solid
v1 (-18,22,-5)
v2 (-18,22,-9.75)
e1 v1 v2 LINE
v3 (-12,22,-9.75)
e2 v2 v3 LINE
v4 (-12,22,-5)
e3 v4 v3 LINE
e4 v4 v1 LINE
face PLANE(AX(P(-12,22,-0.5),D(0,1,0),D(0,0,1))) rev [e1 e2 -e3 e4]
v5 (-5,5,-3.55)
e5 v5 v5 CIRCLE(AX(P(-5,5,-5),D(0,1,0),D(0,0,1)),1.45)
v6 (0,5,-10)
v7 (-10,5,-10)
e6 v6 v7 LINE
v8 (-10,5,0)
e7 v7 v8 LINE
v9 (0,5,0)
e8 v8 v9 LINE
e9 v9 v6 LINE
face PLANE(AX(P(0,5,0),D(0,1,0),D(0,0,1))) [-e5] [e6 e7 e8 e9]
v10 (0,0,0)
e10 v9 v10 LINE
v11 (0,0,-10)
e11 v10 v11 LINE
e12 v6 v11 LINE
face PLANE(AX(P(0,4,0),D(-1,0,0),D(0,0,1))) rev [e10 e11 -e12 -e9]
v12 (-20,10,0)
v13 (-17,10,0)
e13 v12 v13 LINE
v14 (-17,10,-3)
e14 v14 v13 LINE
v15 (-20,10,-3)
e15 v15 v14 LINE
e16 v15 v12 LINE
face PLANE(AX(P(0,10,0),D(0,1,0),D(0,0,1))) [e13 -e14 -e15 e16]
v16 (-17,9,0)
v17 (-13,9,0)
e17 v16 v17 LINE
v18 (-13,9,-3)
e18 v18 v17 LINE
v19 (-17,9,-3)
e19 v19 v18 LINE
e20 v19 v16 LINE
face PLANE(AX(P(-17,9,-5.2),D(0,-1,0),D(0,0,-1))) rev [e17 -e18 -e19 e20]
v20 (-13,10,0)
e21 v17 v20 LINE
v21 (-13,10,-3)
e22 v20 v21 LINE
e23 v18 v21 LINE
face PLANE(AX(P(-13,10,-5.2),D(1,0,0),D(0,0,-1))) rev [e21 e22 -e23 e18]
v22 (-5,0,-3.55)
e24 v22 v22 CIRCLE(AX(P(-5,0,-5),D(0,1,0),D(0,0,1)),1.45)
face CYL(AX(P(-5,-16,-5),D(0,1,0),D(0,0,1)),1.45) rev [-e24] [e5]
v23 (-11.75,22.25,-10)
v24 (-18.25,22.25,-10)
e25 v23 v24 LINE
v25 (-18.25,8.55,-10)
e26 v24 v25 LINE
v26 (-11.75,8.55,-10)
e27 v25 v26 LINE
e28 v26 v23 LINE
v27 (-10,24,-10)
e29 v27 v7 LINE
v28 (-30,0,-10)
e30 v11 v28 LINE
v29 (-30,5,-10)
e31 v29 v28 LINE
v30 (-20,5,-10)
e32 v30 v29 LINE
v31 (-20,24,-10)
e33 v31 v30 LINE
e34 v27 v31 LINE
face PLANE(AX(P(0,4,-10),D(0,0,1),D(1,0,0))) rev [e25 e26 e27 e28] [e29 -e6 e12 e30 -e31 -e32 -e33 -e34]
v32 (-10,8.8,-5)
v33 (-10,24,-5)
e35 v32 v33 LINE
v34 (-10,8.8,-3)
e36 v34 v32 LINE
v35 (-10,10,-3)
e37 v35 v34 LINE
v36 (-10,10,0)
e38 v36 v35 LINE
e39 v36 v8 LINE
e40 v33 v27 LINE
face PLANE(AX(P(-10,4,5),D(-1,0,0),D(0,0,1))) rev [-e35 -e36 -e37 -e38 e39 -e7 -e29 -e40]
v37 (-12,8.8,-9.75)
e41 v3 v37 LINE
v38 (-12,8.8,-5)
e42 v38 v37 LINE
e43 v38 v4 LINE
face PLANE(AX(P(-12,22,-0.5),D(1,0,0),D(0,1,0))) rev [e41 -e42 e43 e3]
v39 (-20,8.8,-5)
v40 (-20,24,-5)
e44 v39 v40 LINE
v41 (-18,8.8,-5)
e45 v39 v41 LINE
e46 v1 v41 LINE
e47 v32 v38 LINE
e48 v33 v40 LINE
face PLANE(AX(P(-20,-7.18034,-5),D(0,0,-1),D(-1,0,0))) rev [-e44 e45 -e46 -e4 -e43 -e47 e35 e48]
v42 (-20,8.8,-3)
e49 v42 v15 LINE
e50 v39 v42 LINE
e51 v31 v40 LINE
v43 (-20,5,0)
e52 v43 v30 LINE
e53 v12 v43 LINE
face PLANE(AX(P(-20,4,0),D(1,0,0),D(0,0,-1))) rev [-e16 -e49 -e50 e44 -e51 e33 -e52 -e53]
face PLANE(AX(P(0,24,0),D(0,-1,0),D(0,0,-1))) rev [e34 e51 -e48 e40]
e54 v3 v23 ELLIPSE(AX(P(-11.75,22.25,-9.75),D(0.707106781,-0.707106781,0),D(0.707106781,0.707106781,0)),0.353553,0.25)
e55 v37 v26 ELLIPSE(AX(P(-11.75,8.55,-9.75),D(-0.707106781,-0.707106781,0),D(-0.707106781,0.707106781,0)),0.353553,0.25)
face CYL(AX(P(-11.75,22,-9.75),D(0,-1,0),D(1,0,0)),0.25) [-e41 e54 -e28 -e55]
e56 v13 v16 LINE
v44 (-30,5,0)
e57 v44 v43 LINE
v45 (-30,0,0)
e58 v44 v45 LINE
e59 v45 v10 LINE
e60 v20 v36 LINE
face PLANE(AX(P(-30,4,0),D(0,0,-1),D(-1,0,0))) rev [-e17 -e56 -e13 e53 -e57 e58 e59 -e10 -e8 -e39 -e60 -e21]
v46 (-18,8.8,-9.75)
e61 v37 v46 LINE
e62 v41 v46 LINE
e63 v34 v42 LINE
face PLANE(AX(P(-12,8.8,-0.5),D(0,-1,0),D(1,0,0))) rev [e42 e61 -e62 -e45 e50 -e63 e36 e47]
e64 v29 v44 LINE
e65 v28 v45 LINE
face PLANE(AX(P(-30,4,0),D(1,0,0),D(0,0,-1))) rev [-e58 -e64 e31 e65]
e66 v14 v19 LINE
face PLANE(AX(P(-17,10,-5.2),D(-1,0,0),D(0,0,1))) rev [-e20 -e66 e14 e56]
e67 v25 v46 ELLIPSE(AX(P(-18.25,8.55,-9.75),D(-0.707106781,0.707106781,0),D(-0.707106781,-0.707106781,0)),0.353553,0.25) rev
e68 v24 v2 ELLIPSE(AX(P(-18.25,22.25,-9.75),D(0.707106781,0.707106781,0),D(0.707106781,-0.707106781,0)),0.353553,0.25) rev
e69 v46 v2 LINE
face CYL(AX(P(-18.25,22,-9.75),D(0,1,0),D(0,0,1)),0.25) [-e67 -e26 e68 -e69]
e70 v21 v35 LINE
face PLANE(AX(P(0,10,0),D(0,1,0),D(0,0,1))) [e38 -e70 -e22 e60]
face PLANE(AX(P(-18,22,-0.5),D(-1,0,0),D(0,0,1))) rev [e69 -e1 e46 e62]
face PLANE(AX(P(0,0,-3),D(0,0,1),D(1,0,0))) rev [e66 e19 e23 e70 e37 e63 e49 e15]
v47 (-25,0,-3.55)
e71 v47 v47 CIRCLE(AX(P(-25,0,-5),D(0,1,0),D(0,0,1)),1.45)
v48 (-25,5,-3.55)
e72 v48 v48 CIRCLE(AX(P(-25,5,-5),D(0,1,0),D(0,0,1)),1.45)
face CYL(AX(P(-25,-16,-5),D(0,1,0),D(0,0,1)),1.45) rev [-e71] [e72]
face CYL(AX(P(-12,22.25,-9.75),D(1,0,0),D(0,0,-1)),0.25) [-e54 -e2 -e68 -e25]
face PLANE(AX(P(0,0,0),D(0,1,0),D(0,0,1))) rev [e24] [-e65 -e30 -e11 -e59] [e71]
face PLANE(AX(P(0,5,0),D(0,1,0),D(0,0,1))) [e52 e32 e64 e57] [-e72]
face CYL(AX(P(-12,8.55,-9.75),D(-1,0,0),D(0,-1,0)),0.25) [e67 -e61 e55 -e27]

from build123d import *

# Parameters (mm, degrees)
EXTRUDE_1_DEPTH     = 4
SKETCH_2_W          = 10
SKETCH_2_H          = 15
EXTRUDE_2_DEPTH     = 20
SKETCH_3_R          = 1.45
CUT_EXTRUDE_1_DEPTH = 20
SKETCH_4_W          = 6
SKETCH_4_H          = 13.2
CUT_EXTRUDE_2_DEPTH = 9.5
SKETCH_6_R          = 0.75
CUT_EXTRUDE_4_DEPTH = 3.5
SKETCH_7_W          = 10
SKETCH_7_H          = 24
CUT_EXTRUDE_5_DEPTH = 5
SKETCH_9_W          = 3
SKETCH_9_H          = 12
CUT_EXTRUDE_6_DEPTH = 10
SKETCH_11_W         = 1.5
SKETCH_11_H         = 12
CUT_EXTRUDE_7_DEPTH = 10
CUT_EXTRUDE_8_REACH = 41.699
SKETCH_13_W         = 10
SKETCH_13_H         = 5
SKETCH_19_W         = 10
SKETCH_19_H         = 2.4
EXTRUDE_6_DEPTH     = 4.8
SKETCH_20_W         = 10
SKETCH_20_H         = 2.6
EXTRUDE_7_DEPTH     = 6
FILLET_17_R         = 0.25
SKETCH_21_W         = 4
SKETCH_21_H         = 1
CUT_EXTRUDE_9_DEPTH = 5.2
EXTRUDE_8_DEPTH     = 0.4
EXTRUDE_START       = 1
SKETCH_29_W         = 10
SKETCH_29_H         = 10
SKETCH_29_R         = 1.45
EXTRUDE_9_DEPTH     = 1


with BuildPart() as part:
    # 草图1 → 凸台-拉伸1 (new body)
    with BuildSketch(Plane(origin=(0, 0, 0), x_dir=(1, 0, 0), z_dir=(0, 1, 0))):
        Polygon((-20, 0), (-20, -5), (-10, -5), (-10, 0), (0, 0), (0, 10), (-30, 10), (-30, 0), align=None)
    extrude(amount=EXTRUDE_1_DEPTH)

    # 草图2 → 凸台-拉伸2 (add)
    with BuildSketch(Plane(origin=(0, 4, 0), x_dir=(1, 0, 0), z_dir=(0, 1, 0))):
        with Locations((-15, 2.5)):
            Rectangle(SKETCH_2_W, SKETCH_2_H)
    extrude(amount=EXTRUDE_2_DEPTH)

    # 草图3 → 切除-拉伸1 (cut)
    with BuildSketch(Plane(origin=(0, 4, 0), x_dir=(1, 0, 0), z_dir=(0, 1, 0))):
        with Locations(Location((-25, 5, 0), (0, 0, 270))):
            Circle(SKETCH_3_R)
        with Locations(Location((-5, 5, 0), (0, 0, 270))):
            Circle(SKETCH_3_R)
    extrude(amount=-CUT_EXTRUDE_1_DEPTH, mode=Mode.SUBTRACT)

    # 草图4 → 切除-拉伸2 (cut)
    with BuildSketch(Plane(origin=(0, 0, -10), x_dir=(-1, 0, 0), z_dir=(0, 0, -1))):
        with Locations((15, 15.4)):
            Rectangle(SKETCH_4_W, SKETCH_4_H)
    extrude(amount=-CUT_EXTRUDE_2_DEPTH, mode=Mode.SUBTRACT)

    # 草图6 → 切除-拉伸4 (cut)
    with BuildSketch(Plane(origin=(0, 0, -0.5), x_dir=(-1, 0, 0), z_dir=(0, 0, -1))):
        with Locations((15, 20.68)):
            Circle(SKETCH_6_R)
        with Locations((15, 10.52)):
            Circle(SKETCH_6_R)
        with Locations((15, 15.6)):
            Circle(SKETCH_6_R)
    extrude(amount=-CUT_EXTRUDE_4_DEPTH, mode=Mode.SUBTRACT)

    # 草图7 → 切除-拉伸5 (cut)
    with BuildSketch(Plane.XY.offset(5)):
        with Locations((-15, 12)):
            Rectangle(SKETCH_7_W, SKETCH_7_H)
    extrude(amount=-CUT_EXTRUDE_5_DEPTH, mode=Mode.SUBTRACT)

    # 草图9 → 切除-拉伸6 (cut)
    with BuildSketch(Plane(origin=(0, 0, -0.5), x_dir=(-1, 0, 0), z_dir=(0, 0, -1))):
        with Locations((15, 15.6)):
            Rectangle(SKETCH_9_W, SKETCH_9_H)
    extrude(amount=-CUT_EXTRUDE_6_DEPTH, mode=Mode.SUBTRACT)

    # 草图11 → 切除-拉伸7 (cut)
    with BuildSketch(Plane(origin=(0, 0, -0.5), x_dir=(-1, 0, 0), z_dir=(0, 0, -1))):
        with Locations((17.25, 15.6)):
            Rectangle(SKETCH_11_W, SKETCH_11_H)
        with Locations((12.75, 15.6)):
            Rectangle(SKETCH_11_W, SKETCH_11_H)
    extrude(amount=-CUT_EXTRUDE_7_DEPTH, mode=Mode.SUBTRACT)

    # 切除-拉伸8: up to this face of the body (flat: up to its plane)
    cut_extrude_8_end = Plane(part.part.faces().sort_by_distance((-5, 4, -9.858578644))[0])
    # 草图13 → 切除-拉伸8 (cut, up to the picked face)
    with BuildSketch(Plane(origin=(0, 24, 0), x_dir=(1, 0, 0), z_dir=(0, 1, 0)), mode=Mode.PRIVATE) as cut_extrude_8_sk1:
        with Locations((-15, 2.5)):
            Rectangle(SKETCH_13_W, SKETCH_13_H)
    cut_extrude_8_tool1 = split(extrude(cut_extrude_8_sk1.sketch, amount=-CUT_EXTRUDE_8_REACH, mode=Mode.PRIVATE), bisect_by=cut_extrude_8_end, keep=Keep.BOTH, mode=Mode.PRIVATE)
    add(cut_extrude_8_tool1.solids().sort_by(Axis((-15, 24, -2.5), (0, -1, 0)))[0], mode=Mode.SUBTRACT)

    # 草图19 → 凸台-拉伸6 (add)
    with BuildSketch(Plane(origin=(0, 4, 0), x_dir=(1, 0, 0), z_dir=(0, 1, 0))):
        with Locations((-15, 3.8)):
            Rectangle(SKETCH_19_W, SKETCH_19_H)
    extrude(amount=EXTRUDE_6_DEPTH)

    # 草图20 → 凸台-拉伸7 (add)
    with BuildSketch(Plane(origin=(0, 4, 0), x_dir=(1, 0, 0), z_dir=(0, 1, 0))):
        with Locations((-15, 1.3)):
            Rectangle(SKETCH_20_W, SKETCH_20_H)
    extrude(amount=EXTRUDE_7_DEPTH)

    # 圆角17
    fillet_17_edges = [part.edges().sort_by_distance(p)[0] for p in [
        (-12, 15.4, -10),
        (-15, 8.8, -10),
        (-18, 15.4, -10),
        (-15, 22, -10),
    ]]
    fillet(fillet_17_edges, radius=FILLET_17_R)

    # 草图21 → 切除-拉伸9 (cut)
    with BuildSketch(Plane.XY):
        with Locations((-15, 9.5)):
            Rectangle(SKETCH_21_W, SKETCH_21_H)
    extrude(amount=-CUT_EXTRUDE_9_DEPTH, mode=Mode.SUBTRACT)

    # 草图22 → 凸台-拉伸8 (add)
    with BuildSketch(Plane(origin=(0, 0, -2.6), x_dir=(-1, 0, 0), z_dir=(0, 0, -1))):
        Polygon((17, 9), (13, 9), (13, 10), (10, 10), (10, 8.8), (20, 8.8), (20, 10), (17, 10), align=None)
    extrude(amount=EXTRUDE_8_DEPTH)

    # 草图29 → 凸台-拉伸9 (add)
    # profile 1 of 2: a face of its own
    with BuildSketch(Plane(origin=(0, 4, 0), x_dir=(1, 0, 0), z_dir=(0, 1, 0)).offset(EXTRUDE_START)):
        with Locations((-25, 5)):
            Rectangle(SKETCH_29_W, SKETCH_29_H)
        with Locations(Location((-25, 5, 0), (0, 0, 270))):
            Circle(SKETCH_29_R, mode=Mode.SUBTRACT)
    # profile 2 of 2: a face of its own
    with BuildSketch(Plane(origin=(0, 4, 0), x_dir=(1, 0, 0), z_dir=(0, 1, 0)).offset(EXTRUDE_START)):
        with Locations((-5, 5)):
            Rectangle(SKETCH_29_W, SKETCH_29_H)
        with Locations(Location((-5, 5, 0), (0, 0, 270))):
            Circle(SKETCH_29_R, mode=Mode.SUBTRACT)
    extrude(amount=-EXTRUDE_9_DEPTH)


solid = part.part
